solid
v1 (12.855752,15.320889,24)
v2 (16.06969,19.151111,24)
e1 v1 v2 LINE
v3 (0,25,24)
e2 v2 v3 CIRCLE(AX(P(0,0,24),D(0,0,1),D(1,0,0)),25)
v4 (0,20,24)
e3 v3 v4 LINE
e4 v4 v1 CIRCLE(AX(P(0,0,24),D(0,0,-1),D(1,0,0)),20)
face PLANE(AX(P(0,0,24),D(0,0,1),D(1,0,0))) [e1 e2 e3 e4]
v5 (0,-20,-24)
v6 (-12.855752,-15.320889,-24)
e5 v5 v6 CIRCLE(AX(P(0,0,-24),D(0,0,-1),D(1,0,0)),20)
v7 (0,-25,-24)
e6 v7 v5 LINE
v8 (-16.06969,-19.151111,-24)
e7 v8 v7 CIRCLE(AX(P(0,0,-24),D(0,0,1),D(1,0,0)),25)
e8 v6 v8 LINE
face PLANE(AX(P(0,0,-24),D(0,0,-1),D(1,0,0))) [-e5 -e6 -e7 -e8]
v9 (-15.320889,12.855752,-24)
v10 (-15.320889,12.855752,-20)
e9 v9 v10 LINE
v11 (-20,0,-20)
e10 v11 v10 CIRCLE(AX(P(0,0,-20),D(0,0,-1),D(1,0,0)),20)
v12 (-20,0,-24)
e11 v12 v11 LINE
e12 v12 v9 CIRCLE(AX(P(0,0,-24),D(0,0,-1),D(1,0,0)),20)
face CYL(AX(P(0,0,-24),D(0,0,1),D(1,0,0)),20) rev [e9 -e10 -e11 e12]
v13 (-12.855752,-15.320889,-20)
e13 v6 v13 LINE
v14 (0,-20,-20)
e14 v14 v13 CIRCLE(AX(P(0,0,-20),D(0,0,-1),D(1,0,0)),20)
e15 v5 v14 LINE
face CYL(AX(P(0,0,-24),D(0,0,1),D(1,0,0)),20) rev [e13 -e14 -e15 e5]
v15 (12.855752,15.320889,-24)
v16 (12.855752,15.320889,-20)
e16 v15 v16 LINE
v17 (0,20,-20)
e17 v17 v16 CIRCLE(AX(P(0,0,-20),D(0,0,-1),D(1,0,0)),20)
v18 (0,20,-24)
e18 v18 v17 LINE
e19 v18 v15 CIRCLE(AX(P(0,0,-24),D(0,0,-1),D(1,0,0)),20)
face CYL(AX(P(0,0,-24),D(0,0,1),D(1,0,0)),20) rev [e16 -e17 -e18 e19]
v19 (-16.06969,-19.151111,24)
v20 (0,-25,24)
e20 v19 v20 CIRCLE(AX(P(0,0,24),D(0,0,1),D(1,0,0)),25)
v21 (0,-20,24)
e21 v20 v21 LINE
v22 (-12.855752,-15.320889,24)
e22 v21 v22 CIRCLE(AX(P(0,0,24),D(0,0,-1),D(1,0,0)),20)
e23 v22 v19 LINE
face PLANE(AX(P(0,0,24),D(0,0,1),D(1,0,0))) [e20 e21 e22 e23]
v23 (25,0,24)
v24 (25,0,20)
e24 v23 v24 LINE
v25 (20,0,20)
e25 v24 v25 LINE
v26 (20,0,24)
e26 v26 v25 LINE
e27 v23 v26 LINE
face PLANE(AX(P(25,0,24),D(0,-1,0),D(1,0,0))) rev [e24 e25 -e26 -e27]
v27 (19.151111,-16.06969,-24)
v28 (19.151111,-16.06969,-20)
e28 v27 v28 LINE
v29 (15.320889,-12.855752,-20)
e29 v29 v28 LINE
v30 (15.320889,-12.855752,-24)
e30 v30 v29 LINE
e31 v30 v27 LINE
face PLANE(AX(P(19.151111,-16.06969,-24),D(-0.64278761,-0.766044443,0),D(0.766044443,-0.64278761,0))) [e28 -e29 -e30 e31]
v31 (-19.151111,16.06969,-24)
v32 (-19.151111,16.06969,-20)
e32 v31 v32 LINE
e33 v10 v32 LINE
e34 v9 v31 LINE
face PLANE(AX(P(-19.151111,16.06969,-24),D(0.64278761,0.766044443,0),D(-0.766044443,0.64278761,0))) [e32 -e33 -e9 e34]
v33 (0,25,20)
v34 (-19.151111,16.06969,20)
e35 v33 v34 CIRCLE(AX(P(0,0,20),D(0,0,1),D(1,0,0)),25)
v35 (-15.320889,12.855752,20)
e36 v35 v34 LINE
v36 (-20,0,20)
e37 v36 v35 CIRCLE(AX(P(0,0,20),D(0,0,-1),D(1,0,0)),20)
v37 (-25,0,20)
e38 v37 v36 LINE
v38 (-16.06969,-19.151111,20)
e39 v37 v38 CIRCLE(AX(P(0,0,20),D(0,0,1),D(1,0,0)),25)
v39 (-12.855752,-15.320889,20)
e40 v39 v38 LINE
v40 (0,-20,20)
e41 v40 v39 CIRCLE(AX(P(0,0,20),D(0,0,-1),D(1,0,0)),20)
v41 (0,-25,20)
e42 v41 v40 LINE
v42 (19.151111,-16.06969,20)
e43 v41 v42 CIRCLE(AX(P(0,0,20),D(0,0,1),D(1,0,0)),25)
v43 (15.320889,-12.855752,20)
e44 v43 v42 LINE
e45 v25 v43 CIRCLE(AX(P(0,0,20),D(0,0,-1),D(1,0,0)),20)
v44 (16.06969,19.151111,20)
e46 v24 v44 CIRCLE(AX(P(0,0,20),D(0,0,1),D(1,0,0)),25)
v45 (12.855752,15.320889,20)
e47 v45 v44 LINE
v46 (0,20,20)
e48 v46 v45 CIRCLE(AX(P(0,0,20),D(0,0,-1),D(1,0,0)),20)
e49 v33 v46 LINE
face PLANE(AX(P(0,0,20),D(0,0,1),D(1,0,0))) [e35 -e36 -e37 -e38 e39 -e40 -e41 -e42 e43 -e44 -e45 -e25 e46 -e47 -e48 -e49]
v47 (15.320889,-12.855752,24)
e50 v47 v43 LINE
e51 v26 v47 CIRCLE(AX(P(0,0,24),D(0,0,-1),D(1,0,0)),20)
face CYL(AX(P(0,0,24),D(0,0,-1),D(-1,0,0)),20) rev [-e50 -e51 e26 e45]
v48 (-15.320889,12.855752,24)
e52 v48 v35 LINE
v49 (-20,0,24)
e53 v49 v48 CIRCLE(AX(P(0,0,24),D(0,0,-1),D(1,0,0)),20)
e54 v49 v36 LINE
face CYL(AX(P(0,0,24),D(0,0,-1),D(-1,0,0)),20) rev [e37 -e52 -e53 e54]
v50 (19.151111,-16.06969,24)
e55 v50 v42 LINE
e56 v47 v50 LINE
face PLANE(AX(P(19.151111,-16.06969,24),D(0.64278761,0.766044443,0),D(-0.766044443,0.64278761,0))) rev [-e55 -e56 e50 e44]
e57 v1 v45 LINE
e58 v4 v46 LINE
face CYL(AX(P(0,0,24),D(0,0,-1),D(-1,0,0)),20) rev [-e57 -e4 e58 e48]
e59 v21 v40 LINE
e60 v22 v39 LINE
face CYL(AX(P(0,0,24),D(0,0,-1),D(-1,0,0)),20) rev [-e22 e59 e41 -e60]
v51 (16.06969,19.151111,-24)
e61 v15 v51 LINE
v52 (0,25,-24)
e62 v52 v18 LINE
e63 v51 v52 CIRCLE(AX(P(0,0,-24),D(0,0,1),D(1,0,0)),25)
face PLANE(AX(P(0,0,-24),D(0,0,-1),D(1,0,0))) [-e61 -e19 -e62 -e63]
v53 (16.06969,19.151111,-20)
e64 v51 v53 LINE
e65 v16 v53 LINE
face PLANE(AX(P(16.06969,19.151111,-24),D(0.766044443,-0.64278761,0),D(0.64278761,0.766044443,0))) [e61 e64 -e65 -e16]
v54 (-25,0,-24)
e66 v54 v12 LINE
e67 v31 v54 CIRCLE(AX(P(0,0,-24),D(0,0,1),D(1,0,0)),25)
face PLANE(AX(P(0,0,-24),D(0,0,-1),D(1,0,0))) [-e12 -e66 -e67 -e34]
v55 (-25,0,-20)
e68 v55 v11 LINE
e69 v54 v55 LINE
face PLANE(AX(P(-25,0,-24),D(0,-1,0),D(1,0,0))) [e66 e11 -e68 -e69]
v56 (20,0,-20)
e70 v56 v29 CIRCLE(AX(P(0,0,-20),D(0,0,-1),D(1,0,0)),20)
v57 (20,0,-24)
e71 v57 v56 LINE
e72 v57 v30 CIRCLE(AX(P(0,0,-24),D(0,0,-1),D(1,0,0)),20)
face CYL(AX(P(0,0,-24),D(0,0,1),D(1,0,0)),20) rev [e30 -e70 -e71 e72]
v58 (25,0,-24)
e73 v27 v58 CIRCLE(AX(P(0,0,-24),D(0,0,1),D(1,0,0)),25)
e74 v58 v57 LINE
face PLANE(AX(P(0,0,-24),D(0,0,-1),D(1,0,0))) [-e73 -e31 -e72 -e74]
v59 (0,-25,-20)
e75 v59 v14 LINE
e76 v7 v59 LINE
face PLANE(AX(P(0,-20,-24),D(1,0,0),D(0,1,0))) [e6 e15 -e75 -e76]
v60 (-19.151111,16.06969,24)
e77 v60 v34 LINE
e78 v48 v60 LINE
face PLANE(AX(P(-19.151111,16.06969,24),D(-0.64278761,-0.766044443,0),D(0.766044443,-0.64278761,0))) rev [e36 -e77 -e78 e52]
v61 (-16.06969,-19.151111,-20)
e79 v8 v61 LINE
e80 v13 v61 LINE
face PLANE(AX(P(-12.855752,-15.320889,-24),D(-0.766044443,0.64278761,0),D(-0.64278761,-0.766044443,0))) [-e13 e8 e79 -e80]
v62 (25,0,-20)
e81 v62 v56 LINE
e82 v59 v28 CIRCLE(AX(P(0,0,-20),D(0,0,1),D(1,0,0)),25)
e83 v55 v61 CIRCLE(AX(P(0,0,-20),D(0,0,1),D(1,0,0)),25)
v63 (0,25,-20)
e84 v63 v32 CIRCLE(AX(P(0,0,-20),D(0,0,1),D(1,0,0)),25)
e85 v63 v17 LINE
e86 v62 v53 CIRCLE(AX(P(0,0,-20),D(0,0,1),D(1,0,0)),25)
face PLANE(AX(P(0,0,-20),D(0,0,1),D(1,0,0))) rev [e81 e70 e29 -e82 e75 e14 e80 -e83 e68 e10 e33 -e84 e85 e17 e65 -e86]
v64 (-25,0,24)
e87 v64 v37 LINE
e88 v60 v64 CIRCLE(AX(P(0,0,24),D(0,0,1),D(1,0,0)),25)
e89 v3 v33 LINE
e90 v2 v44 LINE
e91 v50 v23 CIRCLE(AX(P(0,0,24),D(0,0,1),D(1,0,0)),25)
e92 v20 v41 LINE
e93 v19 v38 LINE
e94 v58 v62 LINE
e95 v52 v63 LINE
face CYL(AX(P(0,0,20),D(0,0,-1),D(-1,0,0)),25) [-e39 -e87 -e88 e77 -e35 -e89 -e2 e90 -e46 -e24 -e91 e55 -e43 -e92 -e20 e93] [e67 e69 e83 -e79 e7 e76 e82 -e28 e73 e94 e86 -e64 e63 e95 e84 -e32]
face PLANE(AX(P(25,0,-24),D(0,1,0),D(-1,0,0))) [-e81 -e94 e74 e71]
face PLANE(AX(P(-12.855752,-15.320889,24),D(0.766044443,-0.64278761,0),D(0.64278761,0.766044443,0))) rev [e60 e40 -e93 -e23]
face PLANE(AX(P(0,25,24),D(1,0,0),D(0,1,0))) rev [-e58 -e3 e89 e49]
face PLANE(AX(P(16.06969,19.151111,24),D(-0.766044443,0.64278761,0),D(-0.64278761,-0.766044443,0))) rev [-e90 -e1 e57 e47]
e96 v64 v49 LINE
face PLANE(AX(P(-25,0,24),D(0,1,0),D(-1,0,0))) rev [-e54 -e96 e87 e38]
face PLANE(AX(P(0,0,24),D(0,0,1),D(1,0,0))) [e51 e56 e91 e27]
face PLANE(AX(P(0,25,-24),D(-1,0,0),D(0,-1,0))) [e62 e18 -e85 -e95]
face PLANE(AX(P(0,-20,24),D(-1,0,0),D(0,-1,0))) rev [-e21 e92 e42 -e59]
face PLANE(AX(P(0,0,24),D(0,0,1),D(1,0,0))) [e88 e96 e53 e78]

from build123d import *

# Parameters (mm, degrees)
SKETCH1_R           = 25
BOSS_EXTRUDE1_DEPTH = 20
BOSS_EXTRUDE2_START = 4
BOSS_EXTRUDE2_DEPTH = 4


with BuildPart() as part:
    # Sketch1 → Boss-Extrude1 (new, symmetric)
    with BuildSketch(Plane.XY):
        Circle(SKETCH1_R)
    extrude(amount=BOSS_EXTRUDE1_DEPTH, both=True)

    # Sketch2 → Boss-Extrude2 (add)
    with BuildSketch(Plane.XY.offset(20).offset(BOSS_EXTRUDE2_START)):
        with BuildLine():
            Line((-25, 0), (-20, 0))
            ThreePointArc((-20, 0), (-18.793852416, 6.840402867), (-15.320888862, 12.855752194))
            Line((-15.320888862, 12.855752194), (-19.151111078, 16.069690242))
            ThreePointArc((-19.151111078, 16.069690242), (-23.49231552, 8.550503583), (-25, 0))
        make_face()
        with BuildLine():
            Line((16.069690242, 19.151111078), (12.855752194, 15.320888862))
            ThreePointArc((12.855752194, 15.320888862), (6.840402867, 18.793852416), (0, 20))
            Line((0, 20), (0, 25))
            ThreePointArc((0, 25), (8.550503583, 23.49231552), (16.069690242, 19.151111078))
        make_face()
        with BuildLine():
            Line((25, 0), (20, 0))
            ThreePointArc((20, 0), (18.793852416, -6.840402867), (15.320888862, -12.855752194))
            Line((15.320888862, -12.855752194), (19.151111078, -16.069690242))
            ThreePointArc((19.151111078, -16.069690242), (23.49231552, -8.550503583), (25, 0))
        make_face()
        with BuildLine():
            Line((0, -20), (0, -25))
            ThreePointArc((0, -25), (-8.550503583, -23.49231552), (-16.069690242, -19.151111078))
            Line((-16.069690242, -19.151111078), (-12.855752194, -15.320888862))
            ThreePointArc((-12.855752194, -15.320888862), (-6.840402867, -18.793852416), (0, -20))
        make_face()
    boss_extrude2 = extrude(amount=-BOSS_EXTRUDE2_DEPTH)

    # Mirror1: Boss-Extrude2 across plane
    add(boss_extrude2.mirror(Plane.XY))


solid = part.part
